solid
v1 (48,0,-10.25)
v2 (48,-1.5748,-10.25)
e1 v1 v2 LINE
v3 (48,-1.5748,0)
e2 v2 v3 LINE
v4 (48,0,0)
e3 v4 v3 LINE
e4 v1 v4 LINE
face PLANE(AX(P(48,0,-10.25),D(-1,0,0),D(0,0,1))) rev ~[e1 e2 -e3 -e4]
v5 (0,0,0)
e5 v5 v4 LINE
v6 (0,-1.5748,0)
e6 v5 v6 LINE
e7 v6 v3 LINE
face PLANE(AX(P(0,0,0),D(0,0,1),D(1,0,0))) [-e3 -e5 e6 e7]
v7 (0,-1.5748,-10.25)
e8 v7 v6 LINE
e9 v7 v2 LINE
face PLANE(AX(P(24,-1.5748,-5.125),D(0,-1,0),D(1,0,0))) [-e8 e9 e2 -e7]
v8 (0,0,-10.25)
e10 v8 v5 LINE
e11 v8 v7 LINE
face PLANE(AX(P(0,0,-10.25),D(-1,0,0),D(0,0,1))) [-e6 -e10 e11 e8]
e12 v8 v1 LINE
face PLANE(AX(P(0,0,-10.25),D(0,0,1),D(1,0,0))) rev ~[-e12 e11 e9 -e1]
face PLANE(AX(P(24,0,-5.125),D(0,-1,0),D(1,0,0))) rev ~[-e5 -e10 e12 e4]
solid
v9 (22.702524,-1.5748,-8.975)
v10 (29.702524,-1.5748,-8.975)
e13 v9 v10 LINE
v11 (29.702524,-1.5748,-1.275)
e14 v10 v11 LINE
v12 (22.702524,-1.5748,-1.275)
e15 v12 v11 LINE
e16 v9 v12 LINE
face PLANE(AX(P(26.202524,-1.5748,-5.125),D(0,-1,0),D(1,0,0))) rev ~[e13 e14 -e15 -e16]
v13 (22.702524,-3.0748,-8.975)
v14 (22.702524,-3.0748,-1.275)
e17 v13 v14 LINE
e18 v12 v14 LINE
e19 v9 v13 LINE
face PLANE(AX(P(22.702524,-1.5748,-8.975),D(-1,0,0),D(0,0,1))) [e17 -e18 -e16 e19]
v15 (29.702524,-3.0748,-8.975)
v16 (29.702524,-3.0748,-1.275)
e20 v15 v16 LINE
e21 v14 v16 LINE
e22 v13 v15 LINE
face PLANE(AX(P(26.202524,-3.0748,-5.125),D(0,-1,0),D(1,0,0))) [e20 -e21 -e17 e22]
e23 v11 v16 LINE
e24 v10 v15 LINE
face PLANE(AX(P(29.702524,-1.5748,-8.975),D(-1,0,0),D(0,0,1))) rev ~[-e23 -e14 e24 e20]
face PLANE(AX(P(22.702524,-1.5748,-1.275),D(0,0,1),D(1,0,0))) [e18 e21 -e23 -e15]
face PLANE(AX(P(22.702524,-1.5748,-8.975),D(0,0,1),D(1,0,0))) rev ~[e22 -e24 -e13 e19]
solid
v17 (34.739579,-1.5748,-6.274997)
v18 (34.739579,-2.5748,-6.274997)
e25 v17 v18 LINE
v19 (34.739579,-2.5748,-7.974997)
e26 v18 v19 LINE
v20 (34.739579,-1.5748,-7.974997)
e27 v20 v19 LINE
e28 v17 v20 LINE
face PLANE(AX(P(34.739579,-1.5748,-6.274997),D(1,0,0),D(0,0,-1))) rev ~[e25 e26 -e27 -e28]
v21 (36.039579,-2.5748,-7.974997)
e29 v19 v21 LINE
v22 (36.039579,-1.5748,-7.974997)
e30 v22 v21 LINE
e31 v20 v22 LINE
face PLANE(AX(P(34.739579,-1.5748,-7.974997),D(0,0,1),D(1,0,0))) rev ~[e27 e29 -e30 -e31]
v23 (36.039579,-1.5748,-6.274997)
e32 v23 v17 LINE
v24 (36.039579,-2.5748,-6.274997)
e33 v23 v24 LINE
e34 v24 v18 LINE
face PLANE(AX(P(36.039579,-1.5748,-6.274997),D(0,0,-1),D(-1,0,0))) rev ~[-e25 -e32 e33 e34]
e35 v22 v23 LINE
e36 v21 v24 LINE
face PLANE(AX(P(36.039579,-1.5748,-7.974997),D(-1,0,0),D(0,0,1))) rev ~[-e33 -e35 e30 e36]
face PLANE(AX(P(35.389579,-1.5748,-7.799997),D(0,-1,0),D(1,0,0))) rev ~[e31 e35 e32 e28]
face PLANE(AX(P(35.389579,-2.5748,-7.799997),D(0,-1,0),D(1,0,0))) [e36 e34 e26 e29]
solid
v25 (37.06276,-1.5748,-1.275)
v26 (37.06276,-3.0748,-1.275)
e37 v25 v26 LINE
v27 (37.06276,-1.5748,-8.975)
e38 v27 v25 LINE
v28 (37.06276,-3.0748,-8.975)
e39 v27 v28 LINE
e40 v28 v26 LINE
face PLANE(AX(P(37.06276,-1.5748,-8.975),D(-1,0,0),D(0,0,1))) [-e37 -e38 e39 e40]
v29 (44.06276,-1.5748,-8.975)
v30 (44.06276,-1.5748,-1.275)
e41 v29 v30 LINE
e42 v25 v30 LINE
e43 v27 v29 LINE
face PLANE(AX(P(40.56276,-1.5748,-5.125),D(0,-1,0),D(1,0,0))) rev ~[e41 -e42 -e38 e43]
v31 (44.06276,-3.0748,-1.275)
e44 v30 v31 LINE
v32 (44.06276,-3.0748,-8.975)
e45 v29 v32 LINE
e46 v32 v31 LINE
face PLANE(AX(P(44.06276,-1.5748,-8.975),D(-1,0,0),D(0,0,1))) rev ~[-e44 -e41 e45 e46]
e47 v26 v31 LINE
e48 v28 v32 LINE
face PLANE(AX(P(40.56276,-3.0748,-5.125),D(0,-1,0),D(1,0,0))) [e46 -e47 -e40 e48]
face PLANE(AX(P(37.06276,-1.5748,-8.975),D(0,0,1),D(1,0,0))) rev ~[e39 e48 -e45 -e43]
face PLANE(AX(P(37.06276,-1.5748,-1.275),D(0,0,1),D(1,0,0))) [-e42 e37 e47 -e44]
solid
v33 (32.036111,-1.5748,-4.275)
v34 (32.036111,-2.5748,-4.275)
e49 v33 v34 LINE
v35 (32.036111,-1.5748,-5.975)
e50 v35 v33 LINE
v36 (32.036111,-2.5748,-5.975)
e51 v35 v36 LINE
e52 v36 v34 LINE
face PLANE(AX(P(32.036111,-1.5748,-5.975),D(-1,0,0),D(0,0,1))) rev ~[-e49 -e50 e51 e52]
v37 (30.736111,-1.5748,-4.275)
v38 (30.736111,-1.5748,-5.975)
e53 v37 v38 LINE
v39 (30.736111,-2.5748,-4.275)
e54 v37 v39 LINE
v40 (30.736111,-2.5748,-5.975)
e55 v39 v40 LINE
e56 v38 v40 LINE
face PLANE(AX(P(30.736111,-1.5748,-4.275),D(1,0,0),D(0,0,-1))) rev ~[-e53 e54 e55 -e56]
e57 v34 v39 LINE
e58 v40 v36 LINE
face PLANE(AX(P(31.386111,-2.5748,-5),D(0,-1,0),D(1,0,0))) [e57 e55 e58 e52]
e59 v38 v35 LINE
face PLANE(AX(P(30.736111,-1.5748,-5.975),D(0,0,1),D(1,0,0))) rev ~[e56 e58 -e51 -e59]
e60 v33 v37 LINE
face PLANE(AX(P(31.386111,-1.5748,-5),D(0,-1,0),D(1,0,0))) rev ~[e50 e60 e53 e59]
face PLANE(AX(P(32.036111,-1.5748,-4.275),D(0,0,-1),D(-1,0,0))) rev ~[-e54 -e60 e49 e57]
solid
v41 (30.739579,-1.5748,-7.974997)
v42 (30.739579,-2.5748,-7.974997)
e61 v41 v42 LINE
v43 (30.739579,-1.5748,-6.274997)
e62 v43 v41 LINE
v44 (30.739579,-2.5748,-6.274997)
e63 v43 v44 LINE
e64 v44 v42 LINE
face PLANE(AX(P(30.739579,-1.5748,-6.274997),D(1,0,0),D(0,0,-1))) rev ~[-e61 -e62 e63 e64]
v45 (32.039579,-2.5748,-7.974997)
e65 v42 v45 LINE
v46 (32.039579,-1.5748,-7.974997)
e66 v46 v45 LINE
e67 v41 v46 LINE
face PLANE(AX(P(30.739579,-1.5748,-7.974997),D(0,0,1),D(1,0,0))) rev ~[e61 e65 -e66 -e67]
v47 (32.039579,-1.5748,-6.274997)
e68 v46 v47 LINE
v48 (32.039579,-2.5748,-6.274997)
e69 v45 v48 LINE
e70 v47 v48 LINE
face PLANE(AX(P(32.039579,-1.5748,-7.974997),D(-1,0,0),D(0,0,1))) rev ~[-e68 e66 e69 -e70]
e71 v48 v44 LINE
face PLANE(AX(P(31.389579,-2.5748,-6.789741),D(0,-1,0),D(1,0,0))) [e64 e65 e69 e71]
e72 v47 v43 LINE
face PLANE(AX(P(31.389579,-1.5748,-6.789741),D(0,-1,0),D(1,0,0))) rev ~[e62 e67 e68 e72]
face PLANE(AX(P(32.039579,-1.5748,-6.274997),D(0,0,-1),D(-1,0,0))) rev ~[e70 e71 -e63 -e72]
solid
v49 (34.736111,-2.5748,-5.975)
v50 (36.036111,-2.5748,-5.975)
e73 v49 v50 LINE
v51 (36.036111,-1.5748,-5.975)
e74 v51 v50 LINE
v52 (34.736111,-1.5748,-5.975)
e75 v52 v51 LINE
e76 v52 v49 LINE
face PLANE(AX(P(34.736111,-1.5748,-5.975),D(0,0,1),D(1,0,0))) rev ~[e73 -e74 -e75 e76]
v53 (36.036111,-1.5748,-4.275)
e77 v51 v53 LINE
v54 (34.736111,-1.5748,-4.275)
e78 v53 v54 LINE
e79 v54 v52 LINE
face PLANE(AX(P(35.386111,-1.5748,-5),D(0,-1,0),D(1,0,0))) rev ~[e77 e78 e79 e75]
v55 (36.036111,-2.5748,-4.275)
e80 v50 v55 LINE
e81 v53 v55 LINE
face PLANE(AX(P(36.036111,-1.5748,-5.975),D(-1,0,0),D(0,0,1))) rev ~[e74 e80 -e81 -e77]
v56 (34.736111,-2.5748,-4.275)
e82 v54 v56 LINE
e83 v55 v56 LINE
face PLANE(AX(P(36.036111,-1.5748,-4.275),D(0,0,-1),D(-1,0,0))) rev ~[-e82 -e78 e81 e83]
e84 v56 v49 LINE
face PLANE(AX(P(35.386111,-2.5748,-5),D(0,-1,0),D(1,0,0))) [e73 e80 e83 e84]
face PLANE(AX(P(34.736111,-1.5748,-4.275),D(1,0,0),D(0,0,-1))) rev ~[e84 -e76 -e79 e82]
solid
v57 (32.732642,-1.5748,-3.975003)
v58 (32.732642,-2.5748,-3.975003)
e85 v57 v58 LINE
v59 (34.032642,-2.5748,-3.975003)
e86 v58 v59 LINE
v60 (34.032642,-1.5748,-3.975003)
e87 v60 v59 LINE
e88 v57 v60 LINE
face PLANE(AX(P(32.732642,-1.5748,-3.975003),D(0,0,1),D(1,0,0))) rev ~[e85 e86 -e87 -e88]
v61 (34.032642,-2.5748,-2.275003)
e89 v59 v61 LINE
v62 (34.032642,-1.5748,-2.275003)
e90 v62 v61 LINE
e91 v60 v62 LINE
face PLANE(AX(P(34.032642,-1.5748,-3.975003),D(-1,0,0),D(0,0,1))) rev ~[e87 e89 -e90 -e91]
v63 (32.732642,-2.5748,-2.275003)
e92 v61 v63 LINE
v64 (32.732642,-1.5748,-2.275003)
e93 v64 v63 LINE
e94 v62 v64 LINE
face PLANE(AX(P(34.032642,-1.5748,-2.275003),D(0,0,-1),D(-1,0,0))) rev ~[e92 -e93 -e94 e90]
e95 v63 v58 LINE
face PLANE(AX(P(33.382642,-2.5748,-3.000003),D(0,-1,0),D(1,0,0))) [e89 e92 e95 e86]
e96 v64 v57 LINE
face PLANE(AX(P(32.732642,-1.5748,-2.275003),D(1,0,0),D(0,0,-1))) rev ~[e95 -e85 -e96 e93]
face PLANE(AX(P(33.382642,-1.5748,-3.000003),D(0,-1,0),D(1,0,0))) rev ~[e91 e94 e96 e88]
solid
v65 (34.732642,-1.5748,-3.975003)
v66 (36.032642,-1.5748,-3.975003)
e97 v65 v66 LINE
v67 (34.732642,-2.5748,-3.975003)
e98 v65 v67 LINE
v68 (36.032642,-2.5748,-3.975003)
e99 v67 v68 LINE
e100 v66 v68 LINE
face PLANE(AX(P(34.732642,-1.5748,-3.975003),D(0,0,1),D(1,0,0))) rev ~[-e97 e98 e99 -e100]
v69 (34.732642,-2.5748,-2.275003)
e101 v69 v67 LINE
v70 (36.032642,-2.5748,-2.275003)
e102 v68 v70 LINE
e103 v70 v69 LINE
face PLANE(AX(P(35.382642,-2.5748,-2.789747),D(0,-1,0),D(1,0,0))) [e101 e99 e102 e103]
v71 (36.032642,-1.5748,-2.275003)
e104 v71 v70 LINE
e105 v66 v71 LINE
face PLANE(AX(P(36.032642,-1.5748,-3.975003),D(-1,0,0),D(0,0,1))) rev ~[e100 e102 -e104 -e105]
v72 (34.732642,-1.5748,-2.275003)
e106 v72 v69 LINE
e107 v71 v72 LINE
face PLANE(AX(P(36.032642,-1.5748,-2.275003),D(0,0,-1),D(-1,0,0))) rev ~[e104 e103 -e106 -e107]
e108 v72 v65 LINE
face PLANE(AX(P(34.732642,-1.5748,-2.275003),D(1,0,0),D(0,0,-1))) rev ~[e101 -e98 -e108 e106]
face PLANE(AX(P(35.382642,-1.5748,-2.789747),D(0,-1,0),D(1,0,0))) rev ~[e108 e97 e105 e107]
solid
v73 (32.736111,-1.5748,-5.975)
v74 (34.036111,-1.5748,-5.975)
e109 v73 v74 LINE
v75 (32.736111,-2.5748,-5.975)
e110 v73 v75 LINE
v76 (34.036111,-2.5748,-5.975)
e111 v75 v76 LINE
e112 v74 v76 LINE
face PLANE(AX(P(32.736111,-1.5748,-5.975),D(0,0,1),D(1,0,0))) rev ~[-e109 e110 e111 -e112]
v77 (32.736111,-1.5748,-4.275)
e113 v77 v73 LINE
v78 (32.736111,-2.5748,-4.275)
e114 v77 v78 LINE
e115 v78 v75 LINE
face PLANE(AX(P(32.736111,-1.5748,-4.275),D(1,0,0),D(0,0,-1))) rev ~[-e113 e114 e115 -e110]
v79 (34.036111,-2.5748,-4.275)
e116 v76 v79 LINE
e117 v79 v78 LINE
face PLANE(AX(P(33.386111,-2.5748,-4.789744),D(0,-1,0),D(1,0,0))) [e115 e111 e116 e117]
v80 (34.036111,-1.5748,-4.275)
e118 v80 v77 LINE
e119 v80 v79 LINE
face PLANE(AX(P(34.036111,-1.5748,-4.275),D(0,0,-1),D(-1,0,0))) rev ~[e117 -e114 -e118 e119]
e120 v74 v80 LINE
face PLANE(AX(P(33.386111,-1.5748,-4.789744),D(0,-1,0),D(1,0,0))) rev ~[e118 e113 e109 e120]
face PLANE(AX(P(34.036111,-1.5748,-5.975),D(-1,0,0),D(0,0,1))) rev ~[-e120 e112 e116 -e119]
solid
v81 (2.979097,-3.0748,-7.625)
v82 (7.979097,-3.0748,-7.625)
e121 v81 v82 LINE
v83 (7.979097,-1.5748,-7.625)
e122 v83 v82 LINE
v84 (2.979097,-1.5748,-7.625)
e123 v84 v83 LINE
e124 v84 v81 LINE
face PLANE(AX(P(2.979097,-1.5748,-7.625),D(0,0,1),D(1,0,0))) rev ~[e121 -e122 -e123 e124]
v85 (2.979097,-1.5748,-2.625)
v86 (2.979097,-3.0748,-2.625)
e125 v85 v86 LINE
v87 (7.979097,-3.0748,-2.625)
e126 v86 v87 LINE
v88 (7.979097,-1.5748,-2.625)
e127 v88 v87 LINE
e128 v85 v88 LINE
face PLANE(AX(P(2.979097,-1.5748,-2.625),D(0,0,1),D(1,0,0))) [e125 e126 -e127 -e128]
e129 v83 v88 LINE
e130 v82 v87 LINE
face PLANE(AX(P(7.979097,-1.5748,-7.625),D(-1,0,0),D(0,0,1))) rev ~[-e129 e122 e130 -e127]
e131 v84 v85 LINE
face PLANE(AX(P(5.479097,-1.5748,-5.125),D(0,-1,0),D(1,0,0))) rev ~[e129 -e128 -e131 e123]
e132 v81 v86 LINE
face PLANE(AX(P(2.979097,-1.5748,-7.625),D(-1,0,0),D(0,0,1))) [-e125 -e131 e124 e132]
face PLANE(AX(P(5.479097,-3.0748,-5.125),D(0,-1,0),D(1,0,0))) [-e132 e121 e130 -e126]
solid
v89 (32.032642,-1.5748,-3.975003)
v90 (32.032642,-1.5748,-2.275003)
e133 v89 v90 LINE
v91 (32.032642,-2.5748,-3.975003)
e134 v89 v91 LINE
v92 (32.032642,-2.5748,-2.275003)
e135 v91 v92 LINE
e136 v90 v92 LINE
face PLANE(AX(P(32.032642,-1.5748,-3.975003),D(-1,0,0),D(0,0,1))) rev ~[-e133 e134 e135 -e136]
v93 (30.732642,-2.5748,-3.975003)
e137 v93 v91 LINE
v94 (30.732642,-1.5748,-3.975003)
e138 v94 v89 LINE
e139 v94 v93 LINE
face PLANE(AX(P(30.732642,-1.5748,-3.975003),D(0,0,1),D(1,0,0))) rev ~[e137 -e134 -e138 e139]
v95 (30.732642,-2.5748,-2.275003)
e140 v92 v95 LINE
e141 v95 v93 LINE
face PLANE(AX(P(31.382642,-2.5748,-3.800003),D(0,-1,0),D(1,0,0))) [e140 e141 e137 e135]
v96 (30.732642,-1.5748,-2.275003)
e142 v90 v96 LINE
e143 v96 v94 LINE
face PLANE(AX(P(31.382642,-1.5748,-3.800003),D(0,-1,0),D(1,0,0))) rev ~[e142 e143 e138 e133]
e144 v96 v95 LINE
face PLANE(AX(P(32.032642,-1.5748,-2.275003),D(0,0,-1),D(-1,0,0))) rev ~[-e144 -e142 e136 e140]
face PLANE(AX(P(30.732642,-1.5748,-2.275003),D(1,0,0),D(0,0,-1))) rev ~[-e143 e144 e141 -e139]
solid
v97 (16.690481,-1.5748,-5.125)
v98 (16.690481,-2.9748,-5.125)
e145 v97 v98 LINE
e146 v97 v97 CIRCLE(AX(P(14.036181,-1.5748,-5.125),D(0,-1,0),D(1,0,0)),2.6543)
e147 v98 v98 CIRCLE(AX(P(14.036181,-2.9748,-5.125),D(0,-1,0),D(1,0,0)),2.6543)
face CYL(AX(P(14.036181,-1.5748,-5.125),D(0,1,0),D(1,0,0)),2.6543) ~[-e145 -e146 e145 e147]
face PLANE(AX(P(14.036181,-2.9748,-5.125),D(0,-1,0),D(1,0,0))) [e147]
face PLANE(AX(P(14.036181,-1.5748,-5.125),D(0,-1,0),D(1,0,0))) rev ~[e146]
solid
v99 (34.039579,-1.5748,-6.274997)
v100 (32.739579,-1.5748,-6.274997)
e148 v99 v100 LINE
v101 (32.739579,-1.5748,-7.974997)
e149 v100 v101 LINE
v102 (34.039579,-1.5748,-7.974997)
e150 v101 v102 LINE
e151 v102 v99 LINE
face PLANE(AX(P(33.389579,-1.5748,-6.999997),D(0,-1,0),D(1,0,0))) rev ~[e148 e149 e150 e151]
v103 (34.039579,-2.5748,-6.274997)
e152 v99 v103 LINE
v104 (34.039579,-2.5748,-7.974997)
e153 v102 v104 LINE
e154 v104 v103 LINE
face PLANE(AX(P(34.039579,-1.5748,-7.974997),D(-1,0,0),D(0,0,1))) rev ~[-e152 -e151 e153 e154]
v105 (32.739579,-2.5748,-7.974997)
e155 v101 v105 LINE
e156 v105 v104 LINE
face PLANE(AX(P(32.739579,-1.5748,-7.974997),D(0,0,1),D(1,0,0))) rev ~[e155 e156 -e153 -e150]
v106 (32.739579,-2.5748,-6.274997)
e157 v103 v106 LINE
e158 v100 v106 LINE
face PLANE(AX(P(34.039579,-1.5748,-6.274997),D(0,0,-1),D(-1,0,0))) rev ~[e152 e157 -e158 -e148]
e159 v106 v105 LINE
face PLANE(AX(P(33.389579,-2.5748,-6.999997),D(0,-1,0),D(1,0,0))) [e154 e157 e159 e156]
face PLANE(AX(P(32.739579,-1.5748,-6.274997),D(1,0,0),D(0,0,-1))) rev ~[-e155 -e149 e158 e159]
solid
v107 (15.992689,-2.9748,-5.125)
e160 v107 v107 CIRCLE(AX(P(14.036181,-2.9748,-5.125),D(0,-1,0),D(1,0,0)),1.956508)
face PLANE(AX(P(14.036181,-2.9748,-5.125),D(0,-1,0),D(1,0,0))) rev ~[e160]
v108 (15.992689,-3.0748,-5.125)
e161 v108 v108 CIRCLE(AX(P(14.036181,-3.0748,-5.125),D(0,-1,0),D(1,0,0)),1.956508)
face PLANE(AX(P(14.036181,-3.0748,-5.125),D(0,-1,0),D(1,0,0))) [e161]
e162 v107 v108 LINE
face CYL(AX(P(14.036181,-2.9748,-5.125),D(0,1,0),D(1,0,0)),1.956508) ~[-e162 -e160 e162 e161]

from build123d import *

# Parameters (mm, degrees)
F0_W      = 48
F0_H      = 10.25
F1_DEPTH  = 1.5748
F2_W      = 7
F2_H      = 7.7
F2_W_2    = 5
F2_H_2    = 5
F3_DEPTH  = 1.5
F4_DEPTH  = 1.5
F2_W_3    = 1.1
F2_H_3    = 1.25
F5_DEPTH  = 1
F6_DEPTH  = 1
F7_DEPTH  = 1
F8_DEPTH  = 1
F9_DEPTH  = 1
F10_DEPTH = 1
F11_DEPTH = 1
F12_DEPTH = 1
F13_DEPTH = 1
F2_R      = 2.6543
F14_DEPTH = 1.4
F15_R     = 1.956508
F16_DEPTH = 0.1


with BuildPart() as f1:
    # F0 (on Front) → F1 (new body)
    with BuildSketch(Plane.XZ):
        with Locations((24, -5.125)):
            Rectangle(F0_W, F0_H)
    extrude(amount=F1_DEPTH)


with BuildPart() as f3:
    # F2 (on face) → F3 (new body)
    with BuildSketch(Plane.XZ.offset(1.5748)):
        with Locations((26.202524, -5.125)):
            Rectangle(F2_W, F2_H)
        with Locations((5.479097, -5.125)):
            Rectangle(F2_W_2, F2_H_2)
    extrude(amount=F3_DEPTH)


with BuildPart() as f4:
    # F2 (on face) → F4 (new body)
    with BuildSketch(Plane.XZ.offset(1.5748)):
        with Locations((40.56276, -5.125)):
            Rectangle(F2_W, F2_H)
    extrude(amount=F4_DEPTH)


with BuildPart() as f5:
    # F2 (on face) → F5 (new body)
    with BuildSketch(Plane.XZ.offset(1.5748)):
        Polygon((30.832642, -3.625003), (30.732642, -3.625003), (30.732642, -3.975003), (32.032642, -3.975003), (32.032642, -3.625003), (31.932642, -3.625003), align=None)
        with Locations((31.382642, -3.000003)):
            Rectangle(F2_W_3, F2_H_3)
        Polygon((32.032642, -2.275003), (30.732642, -2.275003), (30.732642, -3.625003), (30.832642, -3.625003), (30.832642, -2.375003), (31.932642, -2.375003), (31.932642, -3.625003), (32.032642, -3.625003), align=None)
    extrude(amount=F5_DEPTH)


with BuildPart() as f6:
    # F2 (on face) → F6 (new body)
    with BuildSketch(Plane.XZ.offset(1.5748)):
        with Locations((33.382642, -3.000003)):
            Rectangle(F2_W_3, F2_H_3)
        Polygon((32.832642, -2.375003), (33.932642, -2.375003), (33.932642, -3.625003), (34.032642, -3.625003), (34.032642, -2.275003), (32.732642, -2.275003), (32.732642, -3.625003), (32.832642, -3.625003), align=None)
        Polygon((34.032642, -3.625003), (33.932642, -3.625003), (32.832642, -3.625003), (32.732642, -3.625003), (32.732642, -3.975003), (34.032642, -3.975003), align=None)
    extrude(amount=F6_DEPTH)


with BuildPart() as f7:
    # F2 (on face) → F7 (new body)
    with BuildSketch(Plane.XZ.offset(1.5748)):
        Polygon((34.832642, -2.375003), (35.932642, -2.375003), (35.932642, -3.625003), (36.032642, -3.625003), (36.032642, -2.275003), (34.732642, -2.275003), (34.732642, -3.625003), (34.832642, -3.625003), align=None)
        with Locations((35.382642, -3.000003)):
            Rectangle(F2_W_3, F2_H_3)
        Polygon((36.032642, -3.625003), (35.932642, -3.625003), (34.832642, -3.625003), (34.732642, -3.625003), (34.732642, -3.975003), (36.032642, -3.975003), align=None)
    extrude(amount=F7_DEPTH)


with BuildPart() as f8:
    # F2 (on face) → F8 (new body)
    with BuildSketch(Plane.XZ.offset(1.5748)):
        with Locations((31.386111, -5)):
            Rectangle(F2_W_3, F2_H_3)
        Polygon((30.836111, -4.375), (31.936111, -4.375), (31.936111, -5.625), (32.036111, -5.625), (32.036111, -4.275), (30.736111, -4.275), (30.736111, -5.625), (30.836111, -5.625), align=None)
        Polygon((32.036111, -5.625), (31.936111, -5.625), (30.836111, -5.625), (30.736111, -5.625), (30.736111, -5.975), (32.036111, -5.975), align=None)
    extrude(amount=F8_DEPTH)


with BuildPart() as f9:
    # F2 (on face) → F9 (new body)
    with BuildSketch(Plane.XZ.offset(1.5748)):
        Polygon((32.836111, -4.375), (33.936111, -4.375), (33.936111, -5.625), (34.036111, -5.625), (34.036111, -4.275), (32.736111, -4.275), (32.736111, -5.625), (32.836111, -5.625), align=None)
        with Locations((33.386111, -5)):
            Rectangle(F2_W_3, F2_H_3)
        Polygon((34.036111, -5.625), (33.936111, -5.625), (32.836111, -5.625), (32.736111, -5.625), (32.736111, -5.975), (34.036111, -5.975), align=None)
    extrude(amount=F9_DEPTH)


with BuildPart() as f10:
    # F2 (on face) → F10 (new body)
    with BuildSketch(Plane.XZ.offset(1.5748)):
        with Locations((35.386111, -5)):
            Rectangle(F2_W_3, F2_H_3)
        Polygon((36.036111, -5.625), (36.036111, -4.275), (34.736111, -4.275), (34.736111, -5.625), (34.836111, -5.625), (34.836111, -4.375), (35.936111, -4.375), (35.936111, -5.625), align=None)
        Polygon((36.036111, -5.975), (36.036111, -5.625), (35.936111, -5.625), (34.836111, -5.625), (34.736111, -5.625), (34.736111, -5.975), align=None)
    extrude(amount=F10_DEPTH)


with BuildPart() as f11:
    # F2 (on face) → F11 (new body)
    with BuildSketch(Plane.XZ.offset(1.5748)):
        Polygon((30.839579, -6.374997), (31.939579, -6.374997), (31.939579, -7.624997), (32.039579, -7.624997), (32.039579, -6.274997), (30.739579, -6.274997), (30.739579, -7.624997), (30.839579, -7.624997), align=None)
        with Locations((31.389579, -6.999997)):
            Rectangle(F2_W_3, F2_H_3)
        Polygon((32.039579, -7.624997), (31.939579, -7.624997), (30.839579, -7.624997), (30.739579, -7.624997), (30.739579, -7.974997), (32.039579, -7.974997), align=None)
    extrude(amount=F11_DEPTH)


with BuildPart() as f12:
    # F2 (on face) → F12 (new body)
    with BuildSketch(Plane.XZ.offset(1.5748)):
        with Locations((33.389579, -6.999997)):
            Rectangle(F2_W_3, F2_H_3)
        Polygon((32.839579, -6.374997), (33.939579, -6.374997), (33.939579, -7.624997), (34.039579, -7.624997), (34.039579, -6.274997), (32.739579, -6.274997), (32.739579, -7.624997), (32.839579, -7.624997), align=None)
        Polygon((34.039579, -7.624997), (33.939579, -7.624997), (32.839579, -7.624997), (32.739579, -7.624997), (32.739579, -7.974997), (34.039579, -7.974997), align=None)
    extrude(amount=F12_DEPTH)


with BuildPart() as f13:
    # F2 (on face) → F13 (new body)
    with BuildSketch(Plane.XZ.offset(1.5748)):
        Polygon((36.039579, -7.974997), (36.039579, -7.624997), (35.939579, -7.624997), (34.839579, -7.624997), (34.739579, -7.624997), (34.739579, -7.974997), align=None)
        Polygon((36.039579, -7.624997), (36.039579, -6.274997), (34.739579, -6.274997), (34.739579, -7.624997), (34.839579, -7.624997), (34.839579, -6.374997), (35.939579, -6.374997), (35.939579, -7.624997), align=None)
        with Locations((35.389579, -6.999997)):
            Rectangle(F2_W_3, F2_H_3)
    extrude(amount=F13_DEPTH)


with BuildPart() as f14:
    # F2 (on face) → F14 (new body)
    with BuildSketch(Plane.XZ.offset(1.5748)):
        with Locations((14.036181, -5.125)):
            Circle(F2_R)
    extrude(amount=F14_DEPTH)


with BuildPart() as f16:
    # F15 (on face) → F16 (new body)
    with BuildSketch(Plane.XZ.offset(2.9748)):
        with Locations((14.036181, -5.125)):
            Circle(F15_R)
    extrude(amount=F16_DEPTH)


solid = Compound([f1.part, f3.part, f4.part, f5.part, f6.part, f7.part, f8.part, f9.part, f10.part, f11.part, f12.part, f13.part, f14.part, f16.part])
